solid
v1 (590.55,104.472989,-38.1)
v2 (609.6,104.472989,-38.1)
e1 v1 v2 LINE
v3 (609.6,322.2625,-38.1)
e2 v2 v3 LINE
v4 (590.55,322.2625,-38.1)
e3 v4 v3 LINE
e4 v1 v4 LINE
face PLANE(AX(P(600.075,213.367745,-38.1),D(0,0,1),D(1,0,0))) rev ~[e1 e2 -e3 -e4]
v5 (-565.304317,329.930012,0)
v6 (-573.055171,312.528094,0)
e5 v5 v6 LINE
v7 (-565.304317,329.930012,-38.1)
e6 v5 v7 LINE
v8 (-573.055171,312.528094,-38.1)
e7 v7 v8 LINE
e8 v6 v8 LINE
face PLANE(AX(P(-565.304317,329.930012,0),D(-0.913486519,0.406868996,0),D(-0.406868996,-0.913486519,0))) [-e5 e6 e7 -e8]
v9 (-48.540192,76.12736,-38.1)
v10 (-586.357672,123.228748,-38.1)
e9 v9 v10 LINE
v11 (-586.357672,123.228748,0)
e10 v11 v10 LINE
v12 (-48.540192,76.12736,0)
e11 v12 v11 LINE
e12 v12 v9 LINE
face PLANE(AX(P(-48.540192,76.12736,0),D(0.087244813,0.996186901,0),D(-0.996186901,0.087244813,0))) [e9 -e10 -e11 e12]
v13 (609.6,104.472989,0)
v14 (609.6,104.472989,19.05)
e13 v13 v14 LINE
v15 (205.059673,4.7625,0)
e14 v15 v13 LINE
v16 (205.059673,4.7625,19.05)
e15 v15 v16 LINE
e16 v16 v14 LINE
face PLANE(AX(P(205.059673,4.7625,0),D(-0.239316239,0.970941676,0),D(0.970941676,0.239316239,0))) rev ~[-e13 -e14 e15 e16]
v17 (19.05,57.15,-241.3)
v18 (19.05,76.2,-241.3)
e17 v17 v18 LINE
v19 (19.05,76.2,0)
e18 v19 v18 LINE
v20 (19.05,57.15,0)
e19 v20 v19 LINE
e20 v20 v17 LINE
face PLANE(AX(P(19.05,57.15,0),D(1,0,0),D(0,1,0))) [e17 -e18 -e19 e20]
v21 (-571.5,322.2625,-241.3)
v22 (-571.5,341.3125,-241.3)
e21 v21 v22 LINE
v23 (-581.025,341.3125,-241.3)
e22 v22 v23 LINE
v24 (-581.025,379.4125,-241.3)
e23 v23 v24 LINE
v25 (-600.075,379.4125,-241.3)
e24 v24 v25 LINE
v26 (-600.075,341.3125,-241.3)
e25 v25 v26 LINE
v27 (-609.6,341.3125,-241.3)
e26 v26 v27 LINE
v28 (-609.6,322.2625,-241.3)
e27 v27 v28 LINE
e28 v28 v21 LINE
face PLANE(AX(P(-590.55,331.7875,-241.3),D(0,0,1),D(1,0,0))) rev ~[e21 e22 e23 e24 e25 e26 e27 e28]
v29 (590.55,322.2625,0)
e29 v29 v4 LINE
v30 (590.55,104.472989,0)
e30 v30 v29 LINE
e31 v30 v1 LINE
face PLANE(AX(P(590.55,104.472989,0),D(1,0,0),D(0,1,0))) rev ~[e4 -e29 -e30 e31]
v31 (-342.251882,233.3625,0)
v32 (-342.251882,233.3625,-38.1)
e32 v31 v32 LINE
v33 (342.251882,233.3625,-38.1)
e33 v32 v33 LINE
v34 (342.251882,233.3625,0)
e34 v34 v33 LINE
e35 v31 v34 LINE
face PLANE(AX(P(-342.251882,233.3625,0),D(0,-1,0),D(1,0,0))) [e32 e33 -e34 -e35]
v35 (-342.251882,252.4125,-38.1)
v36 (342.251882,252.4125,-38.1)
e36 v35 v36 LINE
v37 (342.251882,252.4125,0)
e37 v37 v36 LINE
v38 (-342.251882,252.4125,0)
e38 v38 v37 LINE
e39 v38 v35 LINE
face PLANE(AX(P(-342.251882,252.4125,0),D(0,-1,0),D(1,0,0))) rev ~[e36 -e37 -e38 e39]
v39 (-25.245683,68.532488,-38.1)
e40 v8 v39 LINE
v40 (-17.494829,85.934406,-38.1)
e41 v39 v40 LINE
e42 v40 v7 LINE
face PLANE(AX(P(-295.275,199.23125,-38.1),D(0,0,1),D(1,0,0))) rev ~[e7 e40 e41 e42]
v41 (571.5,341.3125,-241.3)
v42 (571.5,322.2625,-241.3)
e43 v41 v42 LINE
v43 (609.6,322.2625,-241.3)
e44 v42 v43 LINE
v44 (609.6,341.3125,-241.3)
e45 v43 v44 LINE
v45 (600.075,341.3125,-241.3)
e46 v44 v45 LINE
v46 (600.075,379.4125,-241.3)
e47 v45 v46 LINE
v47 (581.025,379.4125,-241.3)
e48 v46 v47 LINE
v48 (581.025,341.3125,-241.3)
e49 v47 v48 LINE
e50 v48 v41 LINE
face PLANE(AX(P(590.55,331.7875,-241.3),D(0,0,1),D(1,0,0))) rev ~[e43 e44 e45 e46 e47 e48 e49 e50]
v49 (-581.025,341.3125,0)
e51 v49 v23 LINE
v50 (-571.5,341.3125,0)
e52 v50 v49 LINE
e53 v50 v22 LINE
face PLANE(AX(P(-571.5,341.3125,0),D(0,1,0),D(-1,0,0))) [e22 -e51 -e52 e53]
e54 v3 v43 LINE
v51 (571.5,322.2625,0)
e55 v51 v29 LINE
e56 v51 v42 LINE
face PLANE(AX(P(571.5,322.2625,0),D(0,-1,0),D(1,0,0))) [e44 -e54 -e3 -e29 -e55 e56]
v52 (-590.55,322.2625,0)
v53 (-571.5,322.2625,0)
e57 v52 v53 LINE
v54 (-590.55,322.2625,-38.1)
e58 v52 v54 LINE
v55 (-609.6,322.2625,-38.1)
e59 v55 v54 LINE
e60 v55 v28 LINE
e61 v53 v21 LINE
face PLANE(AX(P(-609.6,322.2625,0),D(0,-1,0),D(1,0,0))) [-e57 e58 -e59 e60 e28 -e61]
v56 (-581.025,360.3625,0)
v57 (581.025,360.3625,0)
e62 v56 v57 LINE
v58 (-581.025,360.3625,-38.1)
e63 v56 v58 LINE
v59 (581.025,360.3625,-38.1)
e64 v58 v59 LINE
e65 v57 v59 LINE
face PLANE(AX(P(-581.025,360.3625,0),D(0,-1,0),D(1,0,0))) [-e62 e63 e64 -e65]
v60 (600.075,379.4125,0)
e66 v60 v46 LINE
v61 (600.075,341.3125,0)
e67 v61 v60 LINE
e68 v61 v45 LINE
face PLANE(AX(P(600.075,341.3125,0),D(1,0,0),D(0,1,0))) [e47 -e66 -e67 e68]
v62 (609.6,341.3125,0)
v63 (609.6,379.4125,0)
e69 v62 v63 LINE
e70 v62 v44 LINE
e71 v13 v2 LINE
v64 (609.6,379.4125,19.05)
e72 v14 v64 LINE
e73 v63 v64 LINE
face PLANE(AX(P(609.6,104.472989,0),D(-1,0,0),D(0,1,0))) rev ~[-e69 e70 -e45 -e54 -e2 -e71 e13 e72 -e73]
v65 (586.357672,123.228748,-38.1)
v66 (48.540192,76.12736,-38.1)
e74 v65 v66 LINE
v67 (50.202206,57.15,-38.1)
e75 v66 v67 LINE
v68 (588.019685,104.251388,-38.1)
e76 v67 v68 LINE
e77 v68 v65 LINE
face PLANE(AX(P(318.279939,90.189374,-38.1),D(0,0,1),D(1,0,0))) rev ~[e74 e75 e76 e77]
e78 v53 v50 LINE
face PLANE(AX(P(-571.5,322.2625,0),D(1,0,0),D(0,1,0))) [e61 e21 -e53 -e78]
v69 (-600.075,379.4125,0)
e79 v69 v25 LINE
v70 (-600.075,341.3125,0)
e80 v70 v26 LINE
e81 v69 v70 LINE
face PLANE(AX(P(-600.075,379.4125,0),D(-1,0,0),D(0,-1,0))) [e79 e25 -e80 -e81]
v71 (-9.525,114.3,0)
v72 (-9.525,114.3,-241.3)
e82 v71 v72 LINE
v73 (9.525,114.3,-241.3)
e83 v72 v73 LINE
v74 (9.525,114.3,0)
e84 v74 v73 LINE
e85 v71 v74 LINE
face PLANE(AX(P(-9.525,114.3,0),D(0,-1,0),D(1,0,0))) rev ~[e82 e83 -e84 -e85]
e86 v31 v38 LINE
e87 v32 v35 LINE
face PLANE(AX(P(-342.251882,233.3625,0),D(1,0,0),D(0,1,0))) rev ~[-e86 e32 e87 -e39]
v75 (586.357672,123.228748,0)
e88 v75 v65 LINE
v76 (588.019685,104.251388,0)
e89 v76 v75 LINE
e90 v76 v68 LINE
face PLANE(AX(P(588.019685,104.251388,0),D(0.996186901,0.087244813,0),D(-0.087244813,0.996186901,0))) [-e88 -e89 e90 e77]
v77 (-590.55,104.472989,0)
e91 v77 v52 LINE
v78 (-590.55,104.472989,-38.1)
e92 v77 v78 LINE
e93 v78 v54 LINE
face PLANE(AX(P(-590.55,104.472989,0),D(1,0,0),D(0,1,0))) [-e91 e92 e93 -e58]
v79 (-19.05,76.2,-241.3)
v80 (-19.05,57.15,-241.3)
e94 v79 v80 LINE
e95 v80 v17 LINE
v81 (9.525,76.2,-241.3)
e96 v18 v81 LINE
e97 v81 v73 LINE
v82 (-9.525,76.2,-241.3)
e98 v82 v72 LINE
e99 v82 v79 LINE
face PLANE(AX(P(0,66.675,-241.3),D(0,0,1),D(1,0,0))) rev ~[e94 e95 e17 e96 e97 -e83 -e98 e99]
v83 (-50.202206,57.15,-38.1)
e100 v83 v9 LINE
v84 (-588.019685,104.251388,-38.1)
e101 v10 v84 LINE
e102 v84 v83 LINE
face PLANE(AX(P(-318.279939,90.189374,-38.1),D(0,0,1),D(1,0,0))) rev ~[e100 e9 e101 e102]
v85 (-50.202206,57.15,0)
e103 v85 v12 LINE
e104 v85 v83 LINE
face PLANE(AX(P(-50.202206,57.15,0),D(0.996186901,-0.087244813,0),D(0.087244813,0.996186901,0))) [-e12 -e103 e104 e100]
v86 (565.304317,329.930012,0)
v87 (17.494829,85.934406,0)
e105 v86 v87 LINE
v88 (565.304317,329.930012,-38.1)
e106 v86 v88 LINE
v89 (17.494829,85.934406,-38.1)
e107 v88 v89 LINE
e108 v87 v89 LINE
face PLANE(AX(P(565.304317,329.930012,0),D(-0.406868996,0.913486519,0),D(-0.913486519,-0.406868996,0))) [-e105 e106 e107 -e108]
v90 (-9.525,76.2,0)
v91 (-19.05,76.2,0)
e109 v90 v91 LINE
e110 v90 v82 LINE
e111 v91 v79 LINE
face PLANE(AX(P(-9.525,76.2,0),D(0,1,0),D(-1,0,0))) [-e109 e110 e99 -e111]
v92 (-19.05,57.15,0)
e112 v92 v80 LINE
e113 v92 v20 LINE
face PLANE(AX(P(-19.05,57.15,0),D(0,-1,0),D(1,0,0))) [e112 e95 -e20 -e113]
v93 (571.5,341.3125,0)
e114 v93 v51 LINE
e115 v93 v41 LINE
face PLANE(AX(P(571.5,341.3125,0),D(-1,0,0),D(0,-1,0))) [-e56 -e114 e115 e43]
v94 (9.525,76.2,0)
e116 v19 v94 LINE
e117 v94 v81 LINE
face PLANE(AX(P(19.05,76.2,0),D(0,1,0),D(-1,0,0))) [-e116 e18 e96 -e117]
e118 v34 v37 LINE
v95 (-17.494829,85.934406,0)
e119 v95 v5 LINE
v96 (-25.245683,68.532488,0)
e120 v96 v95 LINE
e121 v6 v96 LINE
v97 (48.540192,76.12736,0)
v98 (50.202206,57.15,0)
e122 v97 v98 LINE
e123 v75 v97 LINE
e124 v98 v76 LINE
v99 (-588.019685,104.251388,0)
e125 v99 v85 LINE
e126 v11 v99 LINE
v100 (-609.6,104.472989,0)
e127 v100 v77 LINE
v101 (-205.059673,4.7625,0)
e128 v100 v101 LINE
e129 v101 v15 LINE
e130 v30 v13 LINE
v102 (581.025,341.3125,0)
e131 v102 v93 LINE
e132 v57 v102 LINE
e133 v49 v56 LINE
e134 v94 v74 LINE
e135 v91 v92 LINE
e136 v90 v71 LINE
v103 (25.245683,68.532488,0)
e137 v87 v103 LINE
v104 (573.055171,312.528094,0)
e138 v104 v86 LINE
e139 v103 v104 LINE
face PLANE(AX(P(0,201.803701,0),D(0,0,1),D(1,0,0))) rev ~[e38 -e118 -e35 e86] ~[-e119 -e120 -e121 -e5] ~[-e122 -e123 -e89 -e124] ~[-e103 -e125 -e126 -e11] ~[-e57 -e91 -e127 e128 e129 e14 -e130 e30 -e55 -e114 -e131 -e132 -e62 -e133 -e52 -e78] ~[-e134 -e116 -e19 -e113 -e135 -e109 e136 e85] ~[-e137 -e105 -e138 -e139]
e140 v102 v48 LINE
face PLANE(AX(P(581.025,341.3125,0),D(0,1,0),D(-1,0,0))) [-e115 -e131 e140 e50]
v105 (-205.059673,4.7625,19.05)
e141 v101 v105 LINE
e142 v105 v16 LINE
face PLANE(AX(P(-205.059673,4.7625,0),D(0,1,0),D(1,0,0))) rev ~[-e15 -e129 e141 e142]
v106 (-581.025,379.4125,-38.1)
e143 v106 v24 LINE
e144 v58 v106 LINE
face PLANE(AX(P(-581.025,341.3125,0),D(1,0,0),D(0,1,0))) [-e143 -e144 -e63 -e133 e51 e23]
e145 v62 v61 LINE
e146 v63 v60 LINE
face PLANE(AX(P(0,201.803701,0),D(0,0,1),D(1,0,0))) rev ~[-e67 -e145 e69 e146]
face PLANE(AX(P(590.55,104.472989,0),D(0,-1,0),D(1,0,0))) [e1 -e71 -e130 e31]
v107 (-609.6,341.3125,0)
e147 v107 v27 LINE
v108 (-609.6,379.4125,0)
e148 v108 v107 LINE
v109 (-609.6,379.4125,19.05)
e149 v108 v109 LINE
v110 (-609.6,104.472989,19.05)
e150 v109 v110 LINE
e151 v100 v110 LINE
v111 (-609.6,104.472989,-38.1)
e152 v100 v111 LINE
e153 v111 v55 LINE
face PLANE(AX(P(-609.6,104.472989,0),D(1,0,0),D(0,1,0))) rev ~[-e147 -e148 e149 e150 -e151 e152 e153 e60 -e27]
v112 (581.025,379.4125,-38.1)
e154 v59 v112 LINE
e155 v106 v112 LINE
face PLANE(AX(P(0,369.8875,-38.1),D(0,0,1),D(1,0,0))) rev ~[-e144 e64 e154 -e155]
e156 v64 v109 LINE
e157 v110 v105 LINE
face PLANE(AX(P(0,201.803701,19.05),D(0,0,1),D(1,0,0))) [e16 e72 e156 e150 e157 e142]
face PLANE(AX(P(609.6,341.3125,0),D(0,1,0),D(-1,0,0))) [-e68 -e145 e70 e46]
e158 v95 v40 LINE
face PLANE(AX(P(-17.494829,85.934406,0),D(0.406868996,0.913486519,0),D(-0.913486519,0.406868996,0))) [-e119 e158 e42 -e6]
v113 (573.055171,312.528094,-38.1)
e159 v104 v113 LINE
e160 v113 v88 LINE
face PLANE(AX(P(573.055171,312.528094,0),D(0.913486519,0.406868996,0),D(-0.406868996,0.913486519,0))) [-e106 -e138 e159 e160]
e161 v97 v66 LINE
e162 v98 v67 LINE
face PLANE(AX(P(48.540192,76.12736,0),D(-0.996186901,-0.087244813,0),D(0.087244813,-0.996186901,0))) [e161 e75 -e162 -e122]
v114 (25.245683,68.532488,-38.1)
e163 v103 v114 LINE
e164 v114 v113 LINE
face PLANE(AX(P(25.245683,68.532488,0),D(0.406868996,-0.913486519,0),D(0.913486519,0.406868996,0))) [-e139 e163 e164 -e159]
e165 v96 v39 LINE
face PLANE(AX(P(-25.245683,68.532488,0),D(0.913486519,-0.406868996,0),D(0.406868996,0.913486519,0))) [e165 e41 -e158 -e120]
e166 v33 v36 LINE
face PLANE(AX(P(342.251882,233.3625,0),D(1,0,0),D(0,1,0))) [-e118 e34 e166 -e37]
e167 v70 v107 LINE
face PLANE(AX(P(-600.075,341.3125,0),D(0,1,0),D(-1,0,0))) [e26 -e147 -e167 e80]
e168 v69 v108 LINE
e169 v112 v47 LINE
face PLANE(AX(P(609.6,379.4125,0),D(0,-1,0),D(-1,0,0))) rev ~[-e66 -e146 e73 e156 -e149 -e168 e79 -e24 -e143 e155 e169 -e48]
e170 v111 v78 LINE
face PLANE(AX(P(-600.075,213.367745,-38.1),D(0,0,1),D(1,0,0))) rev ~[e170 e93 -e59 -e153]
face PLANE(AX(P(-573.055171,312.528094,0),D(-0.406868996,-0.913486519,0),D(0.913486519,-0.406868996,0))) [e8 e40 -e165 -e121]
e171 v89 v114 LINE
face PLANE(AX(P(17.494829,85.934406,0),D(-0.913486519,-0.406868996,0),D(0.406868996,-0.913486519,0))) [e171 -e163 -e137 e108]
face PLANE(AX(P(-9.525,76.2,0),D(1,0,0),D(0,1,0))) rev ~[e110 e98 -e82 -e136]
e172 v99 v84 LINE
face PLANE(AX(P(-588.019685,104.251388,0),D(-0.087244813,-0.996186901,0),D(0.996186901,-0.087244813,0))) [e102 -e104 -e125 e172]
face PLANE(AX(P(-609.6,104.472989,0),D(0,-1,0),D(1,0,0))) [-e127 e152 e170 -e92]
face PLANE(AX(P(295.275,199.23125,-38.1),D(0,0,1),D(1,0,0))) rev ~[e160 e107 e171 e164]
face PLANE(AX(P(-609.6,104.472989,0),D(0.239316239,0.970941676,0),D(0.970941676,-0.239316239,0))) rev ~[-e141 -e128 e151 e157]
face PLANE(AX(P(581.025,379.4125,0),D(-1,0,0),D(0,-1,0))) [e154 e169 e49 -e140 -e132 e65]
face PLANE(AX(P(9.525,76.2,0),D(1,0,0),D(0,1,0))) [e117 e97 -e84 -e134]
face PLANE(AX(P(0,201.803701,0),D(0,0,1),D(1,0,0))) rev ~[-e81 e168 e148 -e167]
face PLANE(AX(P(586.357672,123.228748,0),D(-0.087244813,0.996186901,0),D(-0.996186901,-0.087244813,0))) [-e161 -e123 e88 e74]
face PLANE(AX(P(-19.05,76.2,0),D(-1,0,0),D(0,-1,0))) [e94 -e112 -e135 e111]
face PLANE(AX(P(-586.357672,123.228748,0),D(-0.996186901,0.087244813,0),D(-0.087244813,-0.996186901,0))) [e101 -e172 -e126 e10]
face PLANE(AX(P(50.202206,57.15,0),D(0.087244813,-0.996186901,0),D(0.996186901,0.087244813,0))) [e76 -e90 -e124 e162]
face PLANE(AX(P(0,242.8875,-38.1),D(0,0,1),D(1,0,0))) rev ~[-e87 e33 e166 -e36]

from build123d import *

# Parameters (mm, degrees)
F0_W     = 684.5037638012
F0_H     = 19.05
F0_W_2   = 1162.05
F0_W_3   = 19.05
F0_H_2   = 217.7895105028
F0_H_3   = 38.1
F0_W_4   = 9.525
F1_DEPTH = 19.05
F2_DEPTH = 241.3
F3_DEPTH = 38.1


with BuildPart() as f1:
    # F0 (on Top) → F1 (new body)
    with BuildSketch(Plane.XY):
        Polygon((-205.0596728024, 4.7625), (205.0596728024, 4.7625), (609.6, 104.4729894972), (590.55, 104.4729894972), (590.55, 322.2625), (571.5, 322.2625), (571.5, 341.3125), (581.025, 341.3125), (581.025, 360.3625), (-581.025, 360.3625), (-581.025, 341.3125), (-571.5, 341.3125), (-571.5, 322.2625), (-590.55, 322.2625), (-590.55, 104.4729894972), (-609.6, 104.4729894972), align=None)
        Polygon((-586.3576715827, 123.2287481447), (-48.5401919344, 76.1273604725), (-50.202205622, 57.15), (-588.0196852703, 104.2513876722), align=None, mode=Mode.SUBTRACT)
        Polygon((-19.05, 57.15), (-19.05, 76.2), (-9.525, 76.2), (-9.525, 114.3), (9.525, 114.3), (9.525, 76.2), (19.05, 76.2), (19.05, 57.15), align=None, mode=Mode.SUBTRACT)
        Polygon((588.0196852703, 104.2513876722), (50.202205622, 57.15), (48.5401919344, 76.1273604725), (586.3576715827, 123.2287481447), align=None, mode=Mode.SUBTRACT)
        Polygon((-17.4948285758, 85.9344063425), (-25.2456829409, 68.5324881549), (-573.0551714242, 312.5280936575), (-565.3043170591, 329.9300118451), align=None, mode=Mode.SUBTRACT)
        Polygon((25.2456829409, 68.5324881549), (17.4948285758, 85.9344063425), (565.3043170591, 329.9300118451), (573.0551714242, 312.5280936575), align=None, mode=Mode.SUBTRACT)
        with Locations((0, 242.8875)):
            Rectangle(F0_W, F0_H, mode=Mode.SUBTRACT)
        with Locations((0, 369.8875)):
            Rectangle(F0_W_2, F0_H)
        with Locations((0, 242.8875)):
            Rectangle(F0_W, F0_H)
        Polygon((565.3043170591, 329.9300118451), (17.4948285758, 85.9344063425), (25.2456829409, 68.5324881549), (573.0551714242, 312.5280936575), align=None)
        Polygon((-573.0551714242, 312.5280936575), (-25.2456829409, 68.5324881549), (-17.4948285758, 85.9344063425), (-565.3043170591, 329.9300118451), align=None)
        Polygon((-50.202205622, 57.15), (-48.5401919344, 76.1273604725), (-586.3576715827, 123.2287481447), (-588.0196852703, 104.2513876722), align=None)
        Polygon((48.5401919344, 76.1273604725), (50.202205622, 57.15), (588.0196852703, 104.2513876722), (586.3576715827, 123.2287481447), align=None)
        with Locations((-600.075, 213.3677447486)):
            Rectangle(F0_W_3, F0_H_2)
        with Locations((600.075, 213.3677447486)):
            Rectangle(F0_W_3, F0_H_2)
        Polygon((590.55, 322.2625), (609.6, 322.2625), (609.6, 341.3125), (600.075, 341.3125), (581.025, 341.3125), (571.5, 341.3125), (571.5, 322.2625), align=None)
        Polygon((-9.525, 76.2), (-19.05, 76.2), (-19.05, 57.15), (19.05, 57.15), (19.05, 76.2), (9.525, 76.2), align=None)
        Polygon((-609.6, 341.3125), (-609.6, 322.2625), (-590.55, 322.2625), (-571.5, 322.2625), (-571.5, 341.3125), (-581.025, 341.3125), (-600.075, 341.3125), align=None)
        Polygon((-600.075, 379.4125), (-600.075, 341.3125), (-581.025, 341.3125), (-581.025, 360.3625), (-581.025, 379.4125), align=None)
        with Locations((0, 95.25)):
            Rectangle(F0_W_3, F0_H_3)
        Polygon((581.025, 341.3125), (600.075, 341.3125), (600.075, 379.4125), (581.025, 379.4125), (581.025, 360.3625), align=None)
        with Locations((-604.8375, 360.3625)):
            Rectangle(F0_W_4, F0_H_3)
        with Locations((604.8375, 360.3625)):
            Rectangle(F0_W_4, F0_H_3)
    extrude(amount=F1_DEPTH)

    # F0 (on Top) → F2 (join)
    with BuildSketch(Plane.XY):
        Polygon((-609.6, 341.3125), (-609.6, 322.2625), (-590.55, 322.2625), (-571.5, 322.2625), (-571.5, 341.3125), (-581.025, 341.3125), (-600.075, 341.3125), align=None)
        Polygon((-9.525, 76.2), (-19.05, 76.2), (-19.05, 57.15), (19.05, 57.15), (19.05, 76.2), (9.525, 76.2), align=None)
        Polygon((590.55, 322.2625), (609.6, 322.2625), (609.6, 341.3125), (600.075, 341.3125), (581.025, 341.3125), (571.5, 341.3125), (571.5, 322.2625), align=None)
        Polygon((581.025, 341.3125), (600.075, 341.3125), (600.075, 379.4125), (581.025, 379.4125), (581.025, 360.3625), align=None)
        with Locations((0, 95.25)):
            Rectangle(F0_W_3, F0_H_3)
        Polygon((-600.075, 379.4125), (-600.075, 341.3125), (-581.025, 341.3125), (-581.025, 360.3625), (-581.025, 379.4125), align=None)
    extrude(amount=-F2_DEPTH)

    # F0 (on Top) → F3 (join)
    with BuildSketch(Plane.XY):
        with Locations((-600.075, 213.3677447486)):
            Rectangle(F0_W_3, F0_H_2)
        Polygon((-50.202205622, 57.15), (-48.5401919344, 76.1273604725), (-586.3576715827, 123.2287481447), (-588.0196852703, 104.2513876722), align=None)
        Polygon((-573.0551714242, 312.5280936575), (-25.2456829409, 68.5324881549), (-17.4948285758, 85.9344063425), (-565.3043170591, 329.9300118451), align=None)
        with Locations((0, 369.8875)):
            Rectangle(F0_W_2, F0_H)
        Polygon((565.3043170591, 329.9300118451), (17.4948285758, 85.9344063425), (25.2456829409, 68.5324881549), (573.0551714242, 312.5280936575), align=None)
        with Locations((600.075, 213.3677447486)):
            Rectangle(F0_W_3, F0_H_2)
        Polygon((48.5401919344, 76.1273604725), (50.202205622, 57.15), (588.0196852703, 104.2513876722), (586.3576715827, 123.2287481447), align=None)
        with Locations((0, 242.8875)):
            Rectangle(F0_W, F0_H)
    extrude(amount=-F3_DEPTH)


solid = f1.part
